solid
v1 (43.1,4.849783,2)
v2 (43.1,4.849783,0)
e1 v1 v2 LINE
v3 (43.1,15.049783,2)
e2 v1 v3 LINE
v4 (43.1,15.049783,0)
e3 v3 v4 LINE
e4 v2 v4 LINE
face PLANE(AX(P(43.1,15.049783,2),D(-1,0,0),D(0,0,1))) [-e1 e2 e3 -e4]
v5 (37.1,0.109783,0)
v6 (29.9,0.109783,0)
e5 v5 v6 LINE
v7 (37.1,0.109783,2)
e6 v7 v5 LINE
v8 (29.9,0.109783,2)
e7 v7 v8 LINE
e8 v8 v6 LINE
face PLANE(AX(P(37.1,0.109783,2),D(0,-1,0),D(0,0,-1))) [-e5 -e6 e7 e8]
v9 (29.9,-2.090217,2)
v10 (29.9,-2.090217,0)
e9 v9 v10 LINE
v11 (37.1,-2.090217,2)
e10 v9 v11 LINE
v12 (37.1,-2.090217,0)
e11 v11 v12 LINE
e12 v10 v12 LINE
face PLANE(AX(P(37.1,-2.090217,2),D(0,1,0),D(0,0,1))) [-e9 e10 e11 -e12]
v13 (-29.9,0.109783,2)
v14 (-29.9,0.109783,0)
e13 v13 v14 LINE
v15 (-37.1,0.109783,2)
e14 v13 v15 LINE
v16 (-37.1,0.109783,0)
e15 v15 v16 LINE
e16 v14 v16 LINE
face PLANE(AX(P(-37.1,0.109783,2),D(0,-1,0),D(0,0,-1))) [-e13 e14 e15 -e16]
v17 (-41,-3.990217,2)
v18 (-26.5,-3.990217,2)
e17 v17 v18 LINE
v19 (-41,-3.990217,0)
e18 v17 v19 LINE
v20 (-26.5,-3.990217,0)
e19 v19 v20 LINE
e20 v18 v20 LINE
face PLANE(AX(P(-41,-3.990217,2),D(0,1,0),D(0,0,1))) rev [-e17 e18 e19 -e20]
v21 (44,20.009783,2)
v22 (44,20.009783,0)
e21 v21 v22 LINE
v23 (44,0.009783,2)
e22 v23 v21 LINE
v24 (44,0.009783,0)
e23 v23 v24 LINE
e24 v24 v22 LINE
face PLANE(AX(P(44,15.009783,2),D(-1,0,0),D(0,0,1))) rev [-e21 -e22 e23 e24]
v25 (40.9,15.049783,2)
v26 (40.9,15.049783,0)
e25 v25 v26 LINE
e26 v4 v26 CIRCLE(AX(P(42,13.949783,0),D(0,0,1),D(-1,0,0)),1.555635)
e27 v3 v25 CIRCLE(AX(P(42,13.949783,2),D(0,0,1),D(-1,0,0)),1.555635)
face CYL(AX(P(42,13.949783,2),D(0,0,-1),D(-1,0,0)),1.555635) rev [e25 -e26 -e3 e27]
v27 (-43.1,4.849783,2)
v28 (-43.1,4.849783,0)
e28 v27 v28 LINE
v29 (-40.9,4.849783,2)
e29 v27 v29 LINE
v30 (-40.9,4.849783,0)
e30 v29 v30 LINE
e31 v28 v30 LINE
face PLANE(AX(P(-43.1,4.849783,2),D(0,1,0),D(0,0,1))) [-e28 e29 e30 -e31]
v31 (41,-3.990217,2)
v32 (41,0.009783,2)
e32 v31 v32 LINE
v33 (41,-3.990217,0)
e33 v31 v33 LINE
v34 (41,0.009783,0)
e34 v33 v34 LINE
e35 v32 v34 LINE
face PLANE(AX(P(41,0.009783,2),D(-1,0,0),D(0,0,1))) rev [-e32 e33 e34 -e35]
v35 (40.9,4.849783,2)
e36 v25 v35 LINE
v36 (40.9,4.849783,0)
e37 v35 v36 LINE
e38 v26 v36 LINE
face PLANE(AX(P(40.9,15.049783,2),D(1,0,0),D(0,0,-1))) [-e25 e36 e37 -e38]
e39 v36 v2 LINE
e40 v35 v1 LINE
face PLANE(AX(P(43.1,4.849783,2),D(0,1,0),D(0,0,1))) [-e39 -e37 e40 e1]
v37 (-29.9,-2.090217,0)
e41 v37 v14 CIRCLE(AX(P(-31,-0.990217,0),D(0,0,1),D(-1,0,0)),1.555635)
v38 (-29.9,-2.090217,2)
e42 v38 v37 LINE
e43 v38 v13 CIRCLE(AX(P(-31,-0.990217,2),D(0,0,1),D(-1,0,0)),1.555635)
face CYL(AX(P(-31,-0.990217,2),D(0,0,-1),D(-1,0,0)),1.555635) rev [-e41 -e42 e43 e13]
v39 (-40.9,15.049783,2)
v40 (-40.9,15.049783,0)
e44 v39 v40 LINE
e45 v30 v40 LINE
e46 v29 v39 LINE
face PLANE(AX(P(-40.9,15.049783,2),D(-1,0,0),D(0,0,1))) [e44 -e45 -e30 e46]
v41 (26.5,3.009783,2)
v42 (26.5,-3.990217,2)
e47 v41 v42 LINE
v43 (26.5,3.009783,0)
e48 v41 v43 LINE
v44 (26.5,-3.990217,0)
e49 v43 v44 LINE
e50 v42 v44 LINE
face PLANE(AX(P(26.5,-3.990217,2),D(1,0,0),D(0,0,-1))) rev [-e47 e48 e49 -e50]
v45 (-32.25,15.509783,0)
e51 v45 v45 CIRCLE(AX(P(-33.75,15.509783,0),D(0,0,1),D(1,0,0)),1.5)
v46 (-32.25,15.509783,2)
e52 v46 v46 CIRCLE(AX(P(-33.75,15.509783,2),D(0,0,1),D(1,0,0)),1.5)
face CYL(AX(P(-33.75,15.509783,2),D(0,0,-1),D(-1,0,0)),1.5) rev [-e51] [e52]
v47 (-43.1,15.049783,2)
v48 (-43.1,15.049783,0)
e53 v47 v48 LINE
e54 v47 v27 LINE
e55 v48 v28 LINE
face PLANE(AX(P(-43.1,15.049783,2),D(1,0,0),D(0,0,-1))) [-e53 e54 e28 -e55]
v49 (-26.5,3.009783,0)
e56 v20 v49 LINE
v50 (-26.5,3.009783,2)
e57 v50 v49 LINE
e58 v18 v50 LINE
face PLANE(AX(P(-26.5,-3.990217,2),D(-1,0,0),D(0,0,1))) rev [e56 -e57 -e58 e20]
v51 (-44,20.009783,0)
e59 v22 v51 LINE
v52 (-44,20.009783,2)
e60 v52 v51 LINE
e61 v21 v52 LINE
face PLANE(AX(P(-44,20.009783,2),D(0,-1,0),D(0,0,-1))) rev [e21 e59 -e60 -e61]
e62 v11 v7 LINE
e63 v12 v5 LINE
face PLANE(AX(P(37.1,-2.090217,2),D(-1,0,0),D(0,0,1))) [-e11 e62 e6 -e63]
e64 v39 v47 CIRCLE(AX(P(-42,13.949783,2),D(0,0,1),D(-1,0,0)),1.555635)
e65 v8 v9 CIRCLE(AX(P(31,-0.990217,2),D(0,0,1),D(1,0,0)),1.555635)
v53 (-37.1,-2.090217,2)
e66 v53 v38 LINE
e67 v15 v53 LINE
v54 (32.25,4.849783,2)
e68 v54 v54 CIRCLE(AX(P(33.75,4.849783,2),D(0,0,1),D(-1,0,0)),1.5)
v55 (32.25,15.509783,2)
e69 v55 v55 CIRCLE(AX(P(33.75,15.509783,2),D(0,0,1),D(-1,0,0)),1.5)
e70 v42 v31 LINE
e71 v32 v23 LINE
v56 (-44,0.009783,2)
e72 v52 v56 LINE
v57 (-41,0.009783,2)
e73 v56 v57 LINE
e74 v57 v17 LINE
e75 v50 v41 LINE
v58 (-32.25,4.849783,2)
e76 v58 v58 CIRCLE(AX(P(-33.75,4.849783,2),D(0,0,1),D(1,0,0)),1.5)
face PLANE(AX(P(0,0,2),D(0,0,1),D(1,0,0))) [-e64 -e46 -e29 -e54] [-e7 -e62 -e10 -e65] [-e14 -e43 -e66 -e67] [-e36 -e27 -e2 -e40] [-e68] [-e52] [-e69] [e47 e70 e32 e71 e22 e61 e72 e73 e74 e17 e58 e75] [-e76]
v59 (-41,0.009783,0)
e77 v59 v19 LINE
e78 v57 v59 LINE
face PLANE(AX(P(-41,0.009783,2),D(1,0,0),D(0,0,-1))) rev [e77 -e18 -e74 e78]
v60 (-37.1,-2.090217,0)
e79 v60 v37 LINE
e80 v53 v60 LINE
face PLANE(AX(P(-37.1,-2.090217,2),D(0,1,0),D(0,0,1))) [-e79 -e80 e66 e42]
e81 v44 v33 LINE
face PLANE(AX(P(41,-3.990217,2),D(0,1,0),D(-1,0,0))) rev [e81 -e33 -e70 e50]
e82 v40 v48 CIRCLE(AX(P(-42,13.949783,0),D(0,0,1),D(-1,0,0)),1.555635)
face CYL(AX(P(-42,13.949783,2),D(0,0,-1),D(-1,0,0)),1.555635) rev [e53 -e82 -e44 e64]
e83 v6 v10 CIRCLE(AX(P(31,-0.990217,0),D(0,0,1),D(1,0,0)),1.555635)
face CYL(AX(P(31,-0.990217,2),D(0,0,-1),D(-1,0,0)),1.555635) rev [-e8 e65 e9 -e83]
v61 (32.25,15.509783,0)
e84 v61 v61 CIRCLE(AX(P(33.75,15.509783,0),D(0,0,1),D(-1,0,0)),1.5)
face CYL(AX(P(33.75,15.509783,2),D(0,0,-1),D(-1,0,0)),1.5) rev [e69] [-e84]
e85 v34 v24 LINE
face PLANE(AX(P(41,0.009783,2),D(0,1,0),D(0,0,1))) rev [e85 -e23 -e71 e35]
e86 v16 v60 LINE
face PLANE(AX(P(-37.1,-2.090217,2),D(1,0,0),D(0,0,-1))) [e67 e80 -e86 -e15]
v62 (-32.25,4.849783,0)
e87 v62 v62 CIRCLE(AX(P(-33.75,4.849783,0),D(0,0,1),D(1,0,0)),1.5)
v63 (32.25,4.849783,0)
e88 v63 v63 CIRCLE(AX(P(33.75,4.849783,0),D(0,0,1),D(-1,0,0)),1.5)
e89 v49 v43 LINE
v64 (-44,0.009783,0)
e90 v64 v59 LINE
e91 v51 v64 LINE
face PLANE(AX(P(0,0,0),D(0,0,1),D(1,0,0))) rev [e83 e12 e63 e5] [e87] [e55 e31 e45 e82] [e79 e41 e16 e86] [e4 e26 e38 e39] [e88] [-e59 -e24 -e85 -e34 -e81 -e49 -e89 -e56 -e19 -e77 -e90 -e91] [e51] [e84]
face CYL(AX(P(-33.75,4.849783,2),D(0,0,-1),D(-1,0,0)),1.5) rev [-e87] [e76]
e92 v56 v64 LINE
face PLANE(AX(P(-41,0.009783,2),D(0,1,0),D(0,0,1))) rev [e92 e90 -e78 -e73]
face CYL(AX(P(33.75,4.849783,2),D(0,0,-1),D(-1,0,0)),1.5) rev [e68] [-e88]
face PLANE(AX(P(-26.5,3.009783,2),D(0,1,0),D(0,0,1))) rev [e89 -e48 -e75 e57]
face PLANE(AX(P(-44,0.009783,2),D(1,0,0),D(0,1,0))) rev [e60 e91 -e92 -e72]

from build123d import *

# Parameters (mm, degrees)
SKETCH_3_R      = 1.5
EXTRUDE_1_DEPTH = 2


with BuildPart() as part:
    # 草图3 → 凸台-拉伸1 (new body)
    with BuildSketch(Plane.XY):
        Polygon((41, 20.009783315), (-41, 20.009783315), (-44, 20.009783315), (-44, 15.009783315), (-44, 5.009783315), (-44, 0.009783315), (-41, 0.009783315), (-41, -3.990216685), (-26.5, -3.990216685), (-26.5, 3.009783315), (26.5, 3.009783315), (26.5, -3.990216685), (41, -3.990216685), (41, 0.009783315), (44, 0.009783315), (44, 5.009783315), (44, 15.009783315), (44, 20.009783315), align=None)
        with Locations((-33.75, 15.509783315)):
            Circle(SKETCH_3_R, mode=Mode.SUBTRACT)
        with Locations((-33.75, 4.849783315)):
            Circle(SKETCH_3_R, mode=Mode.SUBTRACT)
        with Locations(Location((33.75, 4.849783315, 0), (0, 0, 180))):
            Circle(SKETCH_3_R, mode=Mode.SUBTRACT)
        with Locations(Location((33.75, 15.509783315, 0), (0, 0, 180))):
            Circle(SKETCH_3_R, mode=Mode.SUBTRACT)
        with BuildLine():
            Line((37.1, -2.090216685), (29.9, -2.090216685))
            ThreePointArc((29.9, -2.090216685), (29.444365081, -0.990216685), (29.9, 0.109783315))
            Line((29.9, 0.109783315), (37.1, 0.109783315))
            Line((37.1, 0.109783315), (37.1, -2.090216685))
        make_face(mode=Mode.SUBTRACT)
        with BuildLine():
            Line((-37.1, 0.109783315), (-29.9, 0.109783315))
            ThreePointArc((-29.9, 0.109783315), (-29.444365081, -0.990216685), (-29.9, -2.090216685))
            Line((-29.9, -2.090216685), (-37.1, -2.090216685))
            Line((-37.1, -2.090216685), (-37.1, 0.109783315))
        make_face(mode=Mode.SUBTRACT)
        with BuildLine():
            Line((-43.1, 15.049783315), (-43.1, 4.849783315))
            Line((-43.1, 4.849783315), (-40.9, 4.849783315))
            Line((-40.9, 4.849783315), (-40.9, 15.049783315))
            ThreePointArc((-40.9, 15.049783315), (-42, 15.505418233), (-43.1, 15.049783315))
        make_face(mode=Mode.SUBTRACT)
        with BuildLine():
            Line((40.9, 15.049783315), (40.9, 4.849783315))
            Line((40.9, 4.849783315), (43.1, 4.849783315))
            Line((43.1, 4.849783315), (43.1, 15.049783315))
            ThreePointArc((43.1, 15.049783315), (42, 15.505418233), (40.9, 15.049783315))
        make_face(mode=Mode.SUBTRACT)
    extrude(amount=EXTRUDE_1_DEPTH)


solid = part.part
